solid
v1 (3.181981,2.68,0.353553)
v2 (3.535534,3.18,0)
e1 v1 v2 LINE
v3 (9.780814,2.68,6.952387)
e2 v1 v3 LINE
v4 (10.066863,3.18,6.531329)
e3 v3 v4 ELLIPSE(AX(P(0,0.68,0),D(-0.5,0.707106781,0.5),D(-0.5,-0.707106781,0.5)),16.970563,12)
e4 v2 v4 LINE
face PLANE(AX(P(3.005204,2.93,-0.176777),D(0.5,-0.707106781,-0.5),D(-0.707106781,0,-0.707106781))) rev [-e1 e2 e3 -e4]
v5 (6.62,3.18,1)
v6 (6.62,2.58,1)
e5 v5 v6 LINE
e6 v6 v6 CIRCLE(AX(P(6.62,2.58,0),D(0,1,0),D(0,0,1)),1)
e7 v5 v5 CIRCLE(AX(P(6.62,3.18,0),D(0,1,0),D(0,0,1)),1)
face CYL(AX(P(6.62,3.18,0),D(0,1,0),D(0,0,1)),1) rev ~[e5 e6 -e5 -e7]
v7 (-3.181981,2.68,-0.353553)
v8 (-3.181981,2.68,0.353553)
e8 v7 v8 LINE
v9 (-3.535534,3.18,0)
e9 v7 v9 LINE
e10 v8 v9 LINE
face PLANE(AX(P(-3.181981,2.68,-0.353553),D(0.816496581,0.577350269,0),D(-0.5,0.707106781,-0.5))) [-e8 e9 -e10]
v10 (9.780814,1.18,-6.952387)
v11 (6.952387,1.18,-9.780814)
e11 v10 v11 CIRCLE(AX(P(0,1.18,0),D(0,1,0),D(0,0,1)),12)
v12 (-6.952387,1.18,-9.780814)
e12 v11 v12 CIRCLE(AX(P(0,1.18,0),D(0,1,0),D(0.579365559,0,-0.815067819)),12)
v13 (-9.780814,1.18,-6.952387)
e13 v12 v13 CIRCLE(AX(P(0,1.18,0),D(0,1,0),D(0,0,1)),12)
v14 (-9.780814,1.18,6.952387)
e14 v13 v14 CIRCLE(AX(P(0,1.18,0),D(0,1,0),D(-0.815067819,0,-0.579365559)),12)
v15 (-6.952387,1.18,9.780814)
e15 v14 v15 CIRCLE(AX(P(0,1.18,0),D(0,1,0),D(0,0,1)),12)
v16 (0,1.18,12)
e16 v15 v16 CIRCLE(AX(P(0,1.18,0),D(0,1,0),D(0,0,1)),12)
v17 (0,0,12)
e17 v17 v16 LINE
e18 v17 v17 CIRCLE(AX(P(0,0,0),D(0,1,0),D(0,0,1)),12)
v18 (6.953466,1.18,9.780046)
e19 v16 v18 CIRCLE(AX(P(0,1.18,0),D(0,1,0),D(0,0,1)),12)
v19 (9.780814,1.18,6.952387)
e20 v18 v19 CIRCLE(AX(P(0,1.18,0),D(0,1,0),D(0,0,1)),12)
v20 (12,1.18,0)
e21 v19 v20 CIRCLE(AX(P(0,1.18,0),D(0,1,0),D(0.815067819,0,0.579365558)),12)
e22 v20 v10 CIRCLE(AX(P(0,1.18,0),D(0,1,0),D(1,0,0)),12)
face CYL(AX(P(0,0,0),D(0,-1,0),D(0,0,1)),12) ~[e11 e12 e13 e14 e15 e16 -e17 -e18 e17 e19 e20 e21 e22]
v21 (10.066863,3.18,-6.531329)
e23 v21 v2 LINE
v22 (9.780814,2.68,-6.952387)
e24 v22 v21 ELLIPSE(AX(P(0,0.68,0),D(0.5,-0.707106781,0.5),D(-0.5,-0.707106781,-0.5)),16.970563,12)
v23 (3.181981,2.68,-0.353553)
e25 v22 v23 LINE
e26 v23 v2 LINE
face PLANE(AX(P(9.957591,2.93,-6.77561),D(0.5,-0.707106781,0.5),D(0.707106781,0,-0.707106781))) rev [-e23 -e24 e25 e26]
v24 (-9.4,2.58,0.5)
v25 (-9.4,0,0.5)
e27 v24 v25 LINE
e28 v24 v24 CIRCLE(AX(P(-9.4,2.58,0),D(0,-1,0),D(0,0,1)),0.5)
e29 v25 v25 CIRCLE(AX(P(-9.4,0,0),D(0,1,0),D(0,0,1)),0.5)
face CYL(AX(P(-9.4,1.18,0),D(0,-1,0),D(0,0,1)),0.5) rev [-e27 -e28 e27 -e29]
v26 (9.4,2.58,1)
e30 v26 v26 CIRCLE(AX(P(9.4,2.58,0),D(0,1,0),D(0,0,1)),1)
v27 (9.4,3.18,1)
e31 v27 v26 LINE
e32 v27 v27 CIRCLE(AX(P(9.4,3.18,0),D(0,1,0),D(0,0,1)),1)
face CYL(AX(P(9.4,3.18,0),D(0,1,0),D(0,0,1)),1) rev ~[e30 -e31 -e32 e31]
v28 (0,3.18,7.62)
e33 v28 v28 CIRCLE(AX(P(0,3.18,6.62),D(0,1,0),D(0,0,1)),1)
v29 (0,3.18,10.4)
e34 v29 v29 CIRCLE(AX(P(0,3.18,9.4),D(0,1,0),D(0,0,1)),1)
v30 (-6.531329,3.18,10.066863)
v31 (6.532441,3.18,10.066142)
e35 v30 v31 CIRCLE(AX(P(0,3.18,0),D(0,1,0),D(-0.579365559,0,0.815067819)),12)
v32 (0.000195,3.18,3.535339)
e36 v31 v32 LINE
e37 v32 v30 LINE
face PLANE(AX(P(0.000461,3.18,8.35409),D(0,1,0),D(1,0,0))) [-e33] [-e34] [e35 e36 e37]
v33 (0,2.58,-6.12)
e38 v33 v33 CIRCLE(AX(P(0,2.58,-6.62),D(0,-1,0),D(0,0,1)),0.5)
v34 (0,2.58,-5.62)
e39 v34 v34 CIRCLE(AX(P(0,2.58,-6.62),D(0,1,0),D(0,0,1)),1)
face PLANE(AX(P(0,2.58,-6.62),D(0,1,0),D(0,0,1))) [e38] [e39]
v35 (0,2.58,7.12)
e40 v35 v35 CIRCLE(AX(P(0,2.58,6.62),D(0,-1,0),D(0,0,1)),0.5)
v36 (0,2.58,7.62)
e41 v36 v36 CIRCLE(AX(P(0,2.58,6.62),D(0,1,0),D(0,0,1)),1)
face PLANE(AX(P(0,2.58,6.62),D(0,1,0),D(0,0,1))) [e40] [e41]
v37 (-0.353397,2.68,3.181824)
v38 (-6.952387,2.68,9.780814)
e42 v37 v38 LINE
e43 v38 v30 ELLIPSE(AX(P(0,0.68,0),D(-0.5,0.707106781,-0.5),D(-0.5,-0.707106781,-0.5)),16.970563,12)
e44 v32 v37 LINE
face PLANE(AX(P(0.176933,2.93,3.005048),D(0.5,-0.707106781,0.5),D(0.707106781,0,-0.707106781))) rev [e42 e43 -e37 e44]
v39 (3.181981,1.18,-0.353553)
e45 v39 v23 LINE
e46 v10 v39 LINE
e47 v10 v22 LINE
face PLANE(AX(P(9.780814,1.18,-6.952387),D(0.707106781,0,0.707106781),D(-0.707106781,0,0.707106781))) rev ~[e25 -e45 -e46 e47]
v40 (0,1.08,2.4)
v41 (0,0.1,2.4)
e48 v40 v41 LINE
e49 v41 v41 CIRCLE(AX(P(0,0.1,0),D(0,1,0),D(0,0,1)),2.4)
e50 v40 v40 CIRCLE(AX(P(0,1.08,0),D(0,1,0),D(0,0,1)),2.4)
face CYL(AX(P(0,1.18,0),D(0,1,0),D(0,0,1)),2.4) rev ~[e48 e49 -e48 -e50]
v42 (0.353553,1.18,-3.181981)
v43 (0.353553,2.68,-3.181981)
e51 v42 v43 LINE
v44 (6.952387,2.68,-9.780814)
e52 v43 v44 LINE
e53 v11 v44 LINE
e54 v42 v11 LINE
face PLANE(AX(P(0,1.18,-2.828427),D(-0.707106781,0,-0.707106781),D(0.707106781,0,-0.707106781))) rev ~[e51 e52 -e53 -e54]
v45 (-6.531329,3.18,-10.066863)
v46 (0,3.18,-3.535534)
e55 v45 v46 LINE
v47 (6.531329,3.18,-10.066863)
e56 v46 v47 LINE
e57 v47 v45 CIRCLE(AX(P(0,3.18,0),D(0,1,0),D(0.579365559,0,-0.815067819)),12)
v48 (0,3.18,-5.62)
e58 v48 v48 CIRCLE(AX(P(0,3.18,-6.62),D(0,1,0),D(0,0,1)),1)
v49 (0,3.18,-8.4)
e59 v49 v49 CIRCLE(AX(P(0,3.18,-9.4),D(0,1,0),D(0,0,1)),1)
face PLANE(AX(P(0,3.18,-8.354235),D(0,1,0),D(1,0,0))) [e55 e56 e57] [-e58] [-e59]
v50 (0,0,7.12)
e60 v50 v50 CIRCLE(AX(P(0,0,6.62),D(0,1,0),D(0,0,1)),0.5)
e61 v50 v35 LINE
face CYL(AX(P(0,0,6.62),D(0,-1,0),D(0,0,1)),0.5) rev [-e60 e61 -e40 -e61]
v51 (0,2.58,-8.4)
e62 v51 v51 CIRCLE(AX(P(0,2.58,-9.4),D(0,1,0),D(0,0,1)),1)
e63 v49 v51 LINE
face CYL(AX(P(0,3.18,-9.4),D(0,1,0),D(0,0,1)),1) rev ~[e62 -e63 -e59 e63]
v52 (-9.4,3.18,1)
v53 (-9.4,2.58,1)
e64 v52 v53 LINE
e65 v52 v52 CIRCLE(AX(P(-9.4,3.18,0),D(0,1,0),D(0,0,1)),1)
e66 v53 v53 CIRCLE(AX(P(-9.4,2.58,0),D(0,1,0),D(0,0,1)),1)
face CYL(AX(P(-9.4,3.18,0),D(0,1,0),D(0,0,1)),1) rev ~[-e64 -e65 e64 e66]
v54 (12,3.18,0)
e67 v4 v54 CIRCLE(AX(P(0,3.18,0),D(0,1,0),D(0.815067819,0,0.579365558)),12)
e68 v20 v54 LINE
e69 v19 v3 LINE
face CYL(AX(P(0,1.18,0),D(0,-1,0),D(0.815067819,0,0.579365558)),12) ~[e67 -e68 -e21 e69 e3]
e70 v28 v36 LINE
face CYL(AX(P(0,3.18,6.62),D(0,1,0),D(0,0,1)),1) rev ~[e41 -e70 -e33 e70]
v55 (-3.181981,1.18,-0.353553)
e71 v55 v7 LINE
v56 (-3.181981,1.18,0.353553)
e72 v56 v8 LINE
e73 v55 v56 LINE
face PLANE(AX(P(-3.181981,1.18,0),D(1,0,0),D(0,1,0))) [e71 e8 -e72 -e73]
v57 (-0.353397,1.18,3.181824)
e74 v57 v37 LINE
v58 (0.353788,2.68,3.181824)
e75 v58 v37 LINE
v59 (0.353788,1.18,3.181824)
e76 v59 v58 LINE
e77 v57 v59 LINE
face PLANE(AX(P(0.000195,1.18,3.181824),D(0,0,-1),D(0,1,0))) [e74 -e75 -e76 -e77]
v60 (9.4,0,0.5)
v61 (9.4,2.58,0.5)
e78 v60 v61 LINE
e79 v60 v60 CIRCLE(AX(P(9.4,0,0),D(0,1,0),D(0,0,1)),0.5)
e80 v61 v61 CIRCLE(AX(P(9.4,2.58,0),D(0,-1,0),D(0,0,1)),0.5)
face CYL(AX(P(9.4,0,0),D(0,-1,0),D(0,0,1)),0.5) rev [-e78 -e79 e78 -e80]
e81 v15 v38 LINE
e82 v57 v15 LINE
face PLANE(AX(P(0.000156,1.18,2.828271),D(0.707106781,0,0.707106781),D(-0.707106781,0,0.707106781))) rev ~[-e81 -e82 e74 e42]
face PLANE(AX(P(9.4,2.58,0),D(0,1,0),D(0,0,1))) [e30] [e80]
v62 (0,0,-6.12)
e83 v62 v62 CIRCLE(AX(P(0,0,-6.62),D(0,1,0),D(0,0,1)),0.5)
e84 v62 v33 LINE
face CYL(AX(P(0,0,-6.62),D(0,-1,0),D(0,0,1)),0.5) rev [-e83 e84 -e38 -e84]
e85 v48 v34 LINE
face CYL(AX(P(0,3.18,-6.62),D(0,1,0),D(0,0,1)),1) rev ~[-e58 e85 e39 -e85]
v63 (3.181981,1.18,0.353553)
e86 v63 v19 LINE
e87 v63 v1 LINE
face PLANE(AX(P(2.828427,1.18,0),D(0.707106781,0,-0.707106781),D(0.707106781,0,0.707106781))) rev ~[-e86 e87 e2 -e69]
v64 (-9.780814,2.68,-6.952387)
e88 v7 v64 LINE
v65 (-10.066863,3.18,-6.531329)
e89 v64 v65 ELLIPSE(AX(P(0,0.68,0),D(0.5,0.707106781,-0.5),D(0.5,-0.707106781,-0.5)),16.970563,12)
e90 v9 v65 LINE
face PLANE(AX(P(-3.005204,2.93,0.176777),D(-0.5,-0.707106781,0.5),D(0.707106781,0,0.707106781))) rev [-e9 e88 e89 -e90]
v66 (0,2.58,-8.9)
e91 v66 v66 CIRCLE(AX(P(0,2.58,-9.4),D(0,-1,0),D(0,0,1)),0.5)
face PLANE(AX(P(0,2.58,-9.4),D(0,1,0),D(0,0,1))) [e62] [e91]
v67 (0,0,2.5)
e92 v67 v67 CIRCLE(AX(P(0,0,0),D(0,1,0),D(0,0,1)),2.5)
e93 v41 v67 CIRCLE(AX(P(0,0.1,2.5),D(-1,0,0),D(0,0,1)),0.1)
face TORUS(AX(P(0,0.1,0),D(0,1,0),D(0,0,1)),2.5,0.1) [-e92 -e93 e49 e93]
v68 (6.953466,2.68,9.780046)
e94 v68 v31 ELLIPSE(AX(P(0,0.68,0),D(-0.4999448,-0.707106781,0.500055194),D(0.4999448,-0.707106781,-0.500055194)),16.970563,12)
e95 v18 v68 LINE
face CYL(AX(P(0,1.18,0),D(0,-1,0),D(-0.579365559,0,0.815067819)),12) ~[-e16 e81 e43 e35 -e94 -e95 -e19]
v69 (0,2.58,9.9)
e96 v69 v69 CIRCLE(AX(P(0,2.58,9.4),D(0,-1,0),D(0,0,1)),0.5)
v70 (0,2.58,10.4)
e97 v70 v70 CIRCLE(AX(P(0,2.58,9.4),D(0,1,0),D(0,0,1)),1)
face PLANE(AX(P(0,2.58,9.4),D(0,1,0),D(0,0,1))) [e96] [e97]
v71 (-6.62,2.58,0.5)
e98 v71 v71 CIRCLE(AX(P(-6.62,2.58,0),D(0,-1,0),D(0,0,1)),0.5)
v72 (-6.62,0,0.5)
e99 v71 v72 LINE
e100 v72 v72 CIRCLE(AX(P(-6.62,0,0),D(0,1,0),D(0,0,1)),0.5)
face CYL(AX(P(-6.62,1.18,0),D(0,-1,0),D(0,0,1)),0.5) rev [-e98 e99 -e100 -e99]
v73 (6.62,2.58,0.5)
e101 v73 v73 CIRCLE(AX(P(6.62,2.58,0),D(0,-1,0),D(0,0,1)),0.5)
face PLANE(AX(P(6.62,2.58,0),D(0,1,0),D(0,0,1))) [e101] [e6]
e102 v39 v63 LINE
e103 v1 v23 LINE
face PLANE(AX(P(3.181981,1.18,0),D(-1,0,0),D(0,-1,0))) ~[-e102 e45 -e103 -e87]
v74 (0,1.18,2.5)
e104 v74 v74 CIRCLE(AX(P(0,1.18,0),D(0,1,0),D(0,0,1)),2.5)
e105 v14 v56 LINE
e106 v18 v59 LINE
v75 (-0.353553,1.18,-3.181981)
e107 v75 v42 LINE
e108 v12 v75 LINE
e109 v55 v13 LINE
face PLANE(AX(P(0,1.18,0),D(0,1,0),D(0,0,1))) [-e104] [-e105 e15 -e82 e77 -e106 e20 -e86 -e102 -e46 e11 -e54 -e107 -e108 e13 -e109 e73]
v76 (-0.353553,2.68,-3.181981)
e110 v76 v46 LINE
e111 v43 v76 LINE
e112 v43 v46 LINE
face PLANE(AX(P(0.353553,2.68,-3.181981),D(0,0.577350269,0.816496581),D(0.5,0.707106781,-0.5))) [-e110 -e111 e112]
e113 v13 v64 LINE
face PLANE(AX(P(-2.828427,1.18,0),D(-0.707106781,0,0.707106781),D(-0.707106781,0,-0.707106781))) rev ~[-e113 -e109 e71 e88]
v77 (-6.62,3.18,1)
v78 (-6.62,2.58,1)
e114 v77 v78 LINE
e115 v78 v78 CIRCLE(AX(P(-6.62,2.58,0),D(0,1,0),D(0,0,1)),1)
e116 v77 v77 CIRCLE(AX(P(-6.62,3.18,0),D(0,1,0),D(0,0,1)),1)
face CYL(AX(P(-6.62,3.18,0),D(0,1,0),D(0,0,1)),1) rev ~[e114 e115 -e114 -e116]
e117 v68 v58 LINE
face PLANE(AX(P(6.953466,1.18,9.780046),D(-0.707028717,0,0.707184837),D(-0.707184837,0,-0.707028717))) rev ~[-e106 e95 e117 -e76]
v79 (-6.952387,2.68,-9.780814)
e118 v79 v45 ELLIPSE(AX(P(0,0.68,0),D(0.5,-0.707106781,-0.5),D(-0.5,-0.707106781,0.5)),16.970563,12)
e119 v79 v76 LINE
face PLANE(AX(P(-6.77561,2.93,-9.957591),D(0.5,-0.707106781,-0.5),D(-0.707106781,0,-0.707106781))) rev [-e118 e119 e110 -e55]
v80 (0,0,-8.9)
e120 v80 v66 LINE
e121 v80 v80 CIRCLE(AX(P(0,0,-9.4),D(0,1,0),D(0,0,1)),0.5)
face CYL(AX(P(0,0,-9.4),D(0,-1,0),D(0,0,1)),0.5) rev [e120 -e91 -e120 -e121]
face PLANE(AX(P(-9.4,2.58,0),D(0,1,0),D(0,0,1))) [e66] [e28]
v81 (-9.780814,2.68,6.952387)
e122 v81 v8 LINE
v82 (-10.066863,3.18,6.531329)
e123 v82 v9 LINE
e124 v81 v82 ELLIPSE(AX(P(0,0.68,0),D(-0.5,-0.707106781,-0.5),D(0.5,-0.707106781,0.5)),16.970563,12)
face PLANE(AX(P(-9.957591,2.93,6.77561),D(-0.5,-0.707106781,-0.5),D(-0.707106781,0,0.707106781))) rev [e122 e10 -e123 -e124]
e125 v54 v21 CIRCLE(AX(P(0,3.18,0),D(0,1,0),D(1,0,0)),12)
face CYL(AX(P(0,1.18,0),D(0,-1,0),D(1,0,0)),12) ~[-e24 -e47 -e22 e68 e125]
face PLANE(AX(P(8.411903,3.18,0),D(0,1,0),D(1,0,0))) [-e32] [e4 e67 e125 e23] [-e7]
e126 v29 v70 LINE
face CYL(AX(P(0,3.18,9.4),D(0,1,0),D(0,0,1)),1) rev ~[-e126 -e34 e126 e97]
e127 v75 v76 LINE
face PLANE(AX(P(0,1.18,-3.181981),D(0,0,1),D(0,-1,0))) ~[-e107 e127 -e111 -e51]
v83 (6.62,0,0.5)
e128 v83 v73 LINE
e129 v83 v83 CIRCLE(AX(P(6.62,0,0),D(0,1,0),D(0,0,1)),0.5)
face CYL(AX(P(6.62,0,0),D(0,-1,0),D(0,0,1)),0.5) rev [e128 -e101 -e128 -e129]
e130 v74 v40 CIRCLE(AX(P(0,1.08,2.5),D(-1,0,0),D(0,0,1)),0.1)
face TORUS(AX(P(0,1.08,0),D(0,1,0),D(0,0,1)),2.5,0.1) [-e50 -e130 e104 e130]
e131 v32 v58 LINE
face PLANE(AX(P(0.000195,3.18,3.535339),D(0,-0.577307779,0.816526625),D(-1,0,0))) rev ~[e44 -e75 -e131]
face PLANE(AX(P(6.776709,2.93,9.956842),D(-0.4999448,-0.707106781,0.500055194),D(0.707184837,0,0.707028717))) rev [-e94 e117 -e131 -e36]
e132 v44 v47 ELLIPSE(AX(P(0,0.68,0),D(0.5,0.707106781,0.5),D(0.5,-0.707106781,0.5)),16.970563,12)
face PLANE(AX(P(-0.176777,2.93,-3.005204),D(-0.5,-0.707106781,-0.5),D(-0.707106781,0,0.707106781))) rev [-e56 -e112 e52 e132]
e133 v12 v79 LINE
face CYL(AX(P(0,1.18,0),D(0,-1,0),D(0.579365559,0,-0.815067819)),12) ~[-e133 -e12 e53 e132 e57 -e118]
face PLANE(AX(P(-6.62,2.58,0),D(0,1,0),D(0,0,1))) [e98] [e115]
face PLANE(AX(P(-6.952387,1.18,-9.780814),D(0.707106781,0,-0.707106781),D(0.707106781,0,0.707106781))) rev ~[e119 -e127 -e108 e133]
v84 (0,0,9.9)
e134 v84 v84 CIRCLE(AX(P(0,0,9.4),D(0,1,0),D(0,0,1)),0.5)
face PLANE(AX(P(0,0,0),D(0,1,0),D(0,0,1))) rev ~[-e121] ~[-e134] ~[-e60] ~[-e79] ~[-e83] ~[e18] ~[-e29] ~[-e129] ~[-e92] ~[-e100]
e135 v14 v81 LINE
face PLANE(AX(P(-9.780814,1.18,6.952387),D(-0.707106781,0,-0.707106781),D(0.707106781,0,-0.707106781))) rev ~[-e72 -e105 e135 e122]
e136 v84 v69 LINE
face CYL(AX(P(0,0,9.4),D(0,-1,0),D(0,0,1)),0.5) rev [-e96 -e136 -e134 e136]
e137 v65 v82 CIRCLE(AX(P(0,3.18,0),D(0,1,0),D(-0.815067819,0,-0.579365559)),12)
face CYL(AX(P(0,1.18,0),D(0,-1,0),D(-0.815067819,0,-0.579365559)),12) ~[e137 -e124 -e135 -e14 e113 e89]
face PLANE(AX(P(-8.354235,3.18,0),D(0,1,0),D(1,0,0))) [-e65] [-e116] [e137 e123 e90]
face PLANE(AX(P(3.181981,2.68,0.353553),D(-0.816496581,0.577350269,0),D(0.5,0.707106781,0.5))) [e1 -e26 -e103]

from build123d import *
from OCP.BRepFilletAPI import BRepFilletAPI_MakeChamfer

# Parameters (mm, degrees)
SKETCH_1_R          = 12
SKETCH_1_R_2        = 0.5
EXTRUDE_1_DEPTH     = 1.18
SKETCH_2_R          = 0.5
EXTRUDE_2_DEPTH     = 2
SKETCH_3_R          = 1
CUT_EXTRUDE_1_DEPTH = 0.6
CHAMFER_1_SIZE      = 0.5
CHAMFER_1_SIZE2     = 0.500055206
SKETCH_4_R          = 2.4
CUT_EXTRUDE_2_DEPTH = 4.6
FILLET_1_R          = 0.1


with BuildPart() as part:
    # 草图1 → 凸台-拉伸1 (new body)
    with BuildSketch(Plane(origin=(0, 0, 0), x_dir=(1, 0, 0), z_dir=(0, 1, 0))):
        with Locations(Location((0, 0, 0), (0, 0, 270))):
            Circle(SKETCH_1_R)
        with Locations(Location((-9.4, 0, 0), (0, 0, 270))):
            Circle(SKETCH_1_R_2, mode=Mode.SUBTRACT)
        with Locations(Location((-6.62, 0, 0), (0, 0, 270))):
            Circle(SKETCH_1_R_2, mode=Mode.SUBTRACT)
        with Locations(Location((0, 9.4, 0), (0, 0, 270))):
            Circle(SKETCH_1_R_2, mode=Mode.SUBTRACT)
        with Locations(Location((0, 6.62, 0), (0, 0, 270))):
            Circle(SKETCH_1_R_2, mode=Mode.SUBTRACT)
        with Locations(Location((9.4, 0, 0), (0, 0, 270))):
            Circle(SKETCH_1_R_2, mode=Mode.SUBTRACT)
        with Locations(Location((6.62, 0, 0), (0, 0, 270))):
            Circle(SKETCH_1_R_2, mode=Mode.SUBTRACT)
        with Locations(Location((0, -9.4, 0), (0, 0, 270))):
            Circle(SKETCH_1_R_2, mode=Mode.SUBTRACT)
        with Locations(Location((0, -6.62, 0), (0, 0, 270))):
            Circle(SKETCH_1_R_2, mode=Mode.SUBTRACT)
    extrude(amount=EXTRUDE_1_DEPTH)

    # 草图2 → 凸台-拉伸2 (add)
    # profile 1 of 4: a face of its own
    with BuildSketch(Plane(origin=(0, 1.18, 0), x_dir=(1, 0, 0), z_dir=(0, 1, 0))):
        with BuildLine():
            Line((-2.828427125, 0), (-9.780813828, 6.952386703))
            ThreePointArc((-9.780813828, 6.952386703), (-12, 0), (-9.780813828, -6.952386703))
            Line((-9.780813828, -6.952386703), (-2.828427125, 0))
        make_face()
        with Locations(Location((-9.4, 0, 0), (0, 0, 270))):
            Circle(SKETCH_2_R, mode=Mode.SUBTRACT)
        with Locations(Location((-6.62, 0, 0), (0, 0, 270))):
            Circle(SKETCH_2_R, mode=Mode.SUBTRACT)
    # profile 2 of 4: a face of its own
    with BuildSketch(Plane(origin=(0, 1.18, 0), x_dir=(1, 0, 0), z_dir=(0, 1, 0))):
        with BuildLine():
            Line((-6.952386703, 9.780813828), (0, 2.828427125))
            Line((0, 2.828427125), (6.952386703, 9.780813828))
            ThreePointArc((6.952386703, 9.780813828), (0, 12), (-6.952386703, 9.780813828))
        make_face()
        with Locations(Location((0, 6.62, 0), (0, 0, 270))):
            Circle(SKETCH_2_R, mode=Mode.SUBTRACT)
        with Locations(Location((0, 9.4, 0), (0, 0, 270))):
            Circle(SKETCH_2_R, mode=Mode.SUBTRACT)
    # profile 3 of 4: a face of its own
    with BuildSketch(Plane(origin=(0, 1.18, 0), x_dir=(1, 0, 0), z_dir=(0, 1, 0))):
        with BuildLine():
            ThreePointArc((12, 0), (11.431748902, 3.648988495), (9.780813828, 6.952386703))
            Line((9.780813828, 6.952386703), (2.828427125, 0))
            Line((2.828427125, 0), (9.780813828, -6.952386703))
            ThreePointArc((9.780813828, -6.952386703), (11.431748902, -3.648988495), (12, 0))
        make_face()
        with Locations(Location((6.62, 0, 0), (0, 0, 270))):
            Circle(SKETCH_2_R, mode=Mode.SUBTRACT)
        with Locations(Location((9.4, 0, 0), (0, 0, 270))):
            Circle(SKETCH_2_R, mode=Mode.SUBTRACT)
    # profile 4 of 4: a face of its own
    with BuildSketch(Plane(origin=(0, 1.18, 0), x_dir=(1, 0, 0), z_dir=(0, 1, 0))):
        with BuildLine():
            Line((0.000156121, -2.828271004), (-6.952386703, -9.780813828))
            ThreePointArc((-6.952386703, -9.780813828), (0.000662371, -11.999999982), (6.953466414, -9.780046259))
            Line((6.953466414, -9.780046259), (0.000156121, -2.828271004))
        make_face()
        with Locations(Location((0, -9.4, 0), (0, 0, 270))):
            Circle(SKETCH_2_R, mode=Mode.SUBTRACT)
        with Locations(Location((0, -6.62, 0), (0, 0, 270))):
            Circle(SKETCH_2_R, mode=Mode.SUBTRACT)
    extrude(amount=EXTRUDE_2_DEPTH)

    # 草图3 → 切除-拉伸1 (cut)
    with BuildSketch(Plane(origin=(0, 3.18, 0), x_dir=(1, 0, 0), z_dir=(0, 1, 0))):
        with Locations(Location((-9.4, 0, 0), (0, 0, 270))):
            Circle(SKETCH_3_R)
        with Locations(Location((-6.62, 0, 0), (0, 0, 270))):
            Circle(SKETCH_3_R)
        with Locations(Location((0, 9.4, 0), (0, 0, 270))):
            Circle(SKETCH_3_R)
        with Locations(Location((0, 6.62, 0), (0, 0, 270))):
            Circle(SKETCH_3_R)
        with Locations(Location((9.4, 0, 0), (0, 0, 270))):
            Circle(SKETCH_3_R)
        with Locations(Location((6.62, 0, 0), (0, 0, 270))):
            Circle(SKETCH_3_R)
        with Locations(Location((0, -9.4, 0), (0, 0, 270))):
            Circle(SKETCH_3_R)
        with Locations(Location((0, -6.62, 0), (0, 0, 270))):
            Circle(SKETCH_3_R)
    extrude(amount=-CUT_EXTRUDE_1_DEPTH, mode=Mode.SUBTRACT)

    # 倒角1: one chamfer whose edges measure the first distance from different faces: ONE call of the kernel's chamfer builder (chamfer() names one face for all edges)
    chamfer_1_edges_1 = [part.edges().sort_by_distance(p)[0] for p in [
        (-6.304620476, 3.18, 3.476193351),
        (-2.828427125, 2.18, 0),
        (-6.304620476, 3.18, -3.476193351),
        (-3.476193351, 3.18, -6.304620476),
        (0, 2.18, -2.828427125),
        (3.476193351, 3.18, -6.304620476),
        (6.304620476, 3.18, -3.476193351),
        (2.828427125, 2.18, 0),
        (6.304620476, 3.18, 3.476193351),
        (3.476811268, 3.18, 6.304158631),
        (-3.476115291, 3.18, 6.304542416),
    ]]
    chamfer_1_edges_2 = [part.edges().sort_by_distance(p)[0] for p in [
        (0.000156121, 2.18, 2.828271004),
    ]]
    chamfer_1_side_2 = [part.faces().sort_by_distance(p)[0] for p in [
        (-3.476115291, 2.18, 6.304542416),
    ]]
    chamfer_1 = BRepFilletAPI_MakeChamfer(part.part.solid().wrapped)
    for e in chamfer_1_edges_1:
        chamfer_1.Add(CHAMFER_1_SIZE, e.wrapped)
    for e in chamfer_1_edges_2:
        chamfer_1.Add(CHAMFER_1_SIZE, CHAMFER_1_SIZE2, e.wrapped, chamfer_1_side_2[0].wrapped)  # the first distance lies on this face
    add(Compound.cast(chamfer_1.Shape()), mode=Mode.REPLACE)

    # 草图4 → 切除-拉伸2 (cut)
    with BuildSketch(Plane(origin=(0, 1.18, 0), x_dir=(1, 0, 0), z_dir=(0, 1, 0))):
        with Locations(Location((0, 0, 0), (0, 0, 270))):
            Circle(SKETCH_4_R)
    extrude(amount=-CUT_EXTRUDE_2_DEPTH, mode=Mode.SUBTRACT)

    # 圆角1
    fillet_1_edges = [part.edges().sort_by_distance(p)[0] for p in [
        (0, 0, -2.4),
        (0, 1.18, -2.4),
    ]]
    fillet(fillet_1_edges, radius=FILLET_1_R)


solid = part.part
